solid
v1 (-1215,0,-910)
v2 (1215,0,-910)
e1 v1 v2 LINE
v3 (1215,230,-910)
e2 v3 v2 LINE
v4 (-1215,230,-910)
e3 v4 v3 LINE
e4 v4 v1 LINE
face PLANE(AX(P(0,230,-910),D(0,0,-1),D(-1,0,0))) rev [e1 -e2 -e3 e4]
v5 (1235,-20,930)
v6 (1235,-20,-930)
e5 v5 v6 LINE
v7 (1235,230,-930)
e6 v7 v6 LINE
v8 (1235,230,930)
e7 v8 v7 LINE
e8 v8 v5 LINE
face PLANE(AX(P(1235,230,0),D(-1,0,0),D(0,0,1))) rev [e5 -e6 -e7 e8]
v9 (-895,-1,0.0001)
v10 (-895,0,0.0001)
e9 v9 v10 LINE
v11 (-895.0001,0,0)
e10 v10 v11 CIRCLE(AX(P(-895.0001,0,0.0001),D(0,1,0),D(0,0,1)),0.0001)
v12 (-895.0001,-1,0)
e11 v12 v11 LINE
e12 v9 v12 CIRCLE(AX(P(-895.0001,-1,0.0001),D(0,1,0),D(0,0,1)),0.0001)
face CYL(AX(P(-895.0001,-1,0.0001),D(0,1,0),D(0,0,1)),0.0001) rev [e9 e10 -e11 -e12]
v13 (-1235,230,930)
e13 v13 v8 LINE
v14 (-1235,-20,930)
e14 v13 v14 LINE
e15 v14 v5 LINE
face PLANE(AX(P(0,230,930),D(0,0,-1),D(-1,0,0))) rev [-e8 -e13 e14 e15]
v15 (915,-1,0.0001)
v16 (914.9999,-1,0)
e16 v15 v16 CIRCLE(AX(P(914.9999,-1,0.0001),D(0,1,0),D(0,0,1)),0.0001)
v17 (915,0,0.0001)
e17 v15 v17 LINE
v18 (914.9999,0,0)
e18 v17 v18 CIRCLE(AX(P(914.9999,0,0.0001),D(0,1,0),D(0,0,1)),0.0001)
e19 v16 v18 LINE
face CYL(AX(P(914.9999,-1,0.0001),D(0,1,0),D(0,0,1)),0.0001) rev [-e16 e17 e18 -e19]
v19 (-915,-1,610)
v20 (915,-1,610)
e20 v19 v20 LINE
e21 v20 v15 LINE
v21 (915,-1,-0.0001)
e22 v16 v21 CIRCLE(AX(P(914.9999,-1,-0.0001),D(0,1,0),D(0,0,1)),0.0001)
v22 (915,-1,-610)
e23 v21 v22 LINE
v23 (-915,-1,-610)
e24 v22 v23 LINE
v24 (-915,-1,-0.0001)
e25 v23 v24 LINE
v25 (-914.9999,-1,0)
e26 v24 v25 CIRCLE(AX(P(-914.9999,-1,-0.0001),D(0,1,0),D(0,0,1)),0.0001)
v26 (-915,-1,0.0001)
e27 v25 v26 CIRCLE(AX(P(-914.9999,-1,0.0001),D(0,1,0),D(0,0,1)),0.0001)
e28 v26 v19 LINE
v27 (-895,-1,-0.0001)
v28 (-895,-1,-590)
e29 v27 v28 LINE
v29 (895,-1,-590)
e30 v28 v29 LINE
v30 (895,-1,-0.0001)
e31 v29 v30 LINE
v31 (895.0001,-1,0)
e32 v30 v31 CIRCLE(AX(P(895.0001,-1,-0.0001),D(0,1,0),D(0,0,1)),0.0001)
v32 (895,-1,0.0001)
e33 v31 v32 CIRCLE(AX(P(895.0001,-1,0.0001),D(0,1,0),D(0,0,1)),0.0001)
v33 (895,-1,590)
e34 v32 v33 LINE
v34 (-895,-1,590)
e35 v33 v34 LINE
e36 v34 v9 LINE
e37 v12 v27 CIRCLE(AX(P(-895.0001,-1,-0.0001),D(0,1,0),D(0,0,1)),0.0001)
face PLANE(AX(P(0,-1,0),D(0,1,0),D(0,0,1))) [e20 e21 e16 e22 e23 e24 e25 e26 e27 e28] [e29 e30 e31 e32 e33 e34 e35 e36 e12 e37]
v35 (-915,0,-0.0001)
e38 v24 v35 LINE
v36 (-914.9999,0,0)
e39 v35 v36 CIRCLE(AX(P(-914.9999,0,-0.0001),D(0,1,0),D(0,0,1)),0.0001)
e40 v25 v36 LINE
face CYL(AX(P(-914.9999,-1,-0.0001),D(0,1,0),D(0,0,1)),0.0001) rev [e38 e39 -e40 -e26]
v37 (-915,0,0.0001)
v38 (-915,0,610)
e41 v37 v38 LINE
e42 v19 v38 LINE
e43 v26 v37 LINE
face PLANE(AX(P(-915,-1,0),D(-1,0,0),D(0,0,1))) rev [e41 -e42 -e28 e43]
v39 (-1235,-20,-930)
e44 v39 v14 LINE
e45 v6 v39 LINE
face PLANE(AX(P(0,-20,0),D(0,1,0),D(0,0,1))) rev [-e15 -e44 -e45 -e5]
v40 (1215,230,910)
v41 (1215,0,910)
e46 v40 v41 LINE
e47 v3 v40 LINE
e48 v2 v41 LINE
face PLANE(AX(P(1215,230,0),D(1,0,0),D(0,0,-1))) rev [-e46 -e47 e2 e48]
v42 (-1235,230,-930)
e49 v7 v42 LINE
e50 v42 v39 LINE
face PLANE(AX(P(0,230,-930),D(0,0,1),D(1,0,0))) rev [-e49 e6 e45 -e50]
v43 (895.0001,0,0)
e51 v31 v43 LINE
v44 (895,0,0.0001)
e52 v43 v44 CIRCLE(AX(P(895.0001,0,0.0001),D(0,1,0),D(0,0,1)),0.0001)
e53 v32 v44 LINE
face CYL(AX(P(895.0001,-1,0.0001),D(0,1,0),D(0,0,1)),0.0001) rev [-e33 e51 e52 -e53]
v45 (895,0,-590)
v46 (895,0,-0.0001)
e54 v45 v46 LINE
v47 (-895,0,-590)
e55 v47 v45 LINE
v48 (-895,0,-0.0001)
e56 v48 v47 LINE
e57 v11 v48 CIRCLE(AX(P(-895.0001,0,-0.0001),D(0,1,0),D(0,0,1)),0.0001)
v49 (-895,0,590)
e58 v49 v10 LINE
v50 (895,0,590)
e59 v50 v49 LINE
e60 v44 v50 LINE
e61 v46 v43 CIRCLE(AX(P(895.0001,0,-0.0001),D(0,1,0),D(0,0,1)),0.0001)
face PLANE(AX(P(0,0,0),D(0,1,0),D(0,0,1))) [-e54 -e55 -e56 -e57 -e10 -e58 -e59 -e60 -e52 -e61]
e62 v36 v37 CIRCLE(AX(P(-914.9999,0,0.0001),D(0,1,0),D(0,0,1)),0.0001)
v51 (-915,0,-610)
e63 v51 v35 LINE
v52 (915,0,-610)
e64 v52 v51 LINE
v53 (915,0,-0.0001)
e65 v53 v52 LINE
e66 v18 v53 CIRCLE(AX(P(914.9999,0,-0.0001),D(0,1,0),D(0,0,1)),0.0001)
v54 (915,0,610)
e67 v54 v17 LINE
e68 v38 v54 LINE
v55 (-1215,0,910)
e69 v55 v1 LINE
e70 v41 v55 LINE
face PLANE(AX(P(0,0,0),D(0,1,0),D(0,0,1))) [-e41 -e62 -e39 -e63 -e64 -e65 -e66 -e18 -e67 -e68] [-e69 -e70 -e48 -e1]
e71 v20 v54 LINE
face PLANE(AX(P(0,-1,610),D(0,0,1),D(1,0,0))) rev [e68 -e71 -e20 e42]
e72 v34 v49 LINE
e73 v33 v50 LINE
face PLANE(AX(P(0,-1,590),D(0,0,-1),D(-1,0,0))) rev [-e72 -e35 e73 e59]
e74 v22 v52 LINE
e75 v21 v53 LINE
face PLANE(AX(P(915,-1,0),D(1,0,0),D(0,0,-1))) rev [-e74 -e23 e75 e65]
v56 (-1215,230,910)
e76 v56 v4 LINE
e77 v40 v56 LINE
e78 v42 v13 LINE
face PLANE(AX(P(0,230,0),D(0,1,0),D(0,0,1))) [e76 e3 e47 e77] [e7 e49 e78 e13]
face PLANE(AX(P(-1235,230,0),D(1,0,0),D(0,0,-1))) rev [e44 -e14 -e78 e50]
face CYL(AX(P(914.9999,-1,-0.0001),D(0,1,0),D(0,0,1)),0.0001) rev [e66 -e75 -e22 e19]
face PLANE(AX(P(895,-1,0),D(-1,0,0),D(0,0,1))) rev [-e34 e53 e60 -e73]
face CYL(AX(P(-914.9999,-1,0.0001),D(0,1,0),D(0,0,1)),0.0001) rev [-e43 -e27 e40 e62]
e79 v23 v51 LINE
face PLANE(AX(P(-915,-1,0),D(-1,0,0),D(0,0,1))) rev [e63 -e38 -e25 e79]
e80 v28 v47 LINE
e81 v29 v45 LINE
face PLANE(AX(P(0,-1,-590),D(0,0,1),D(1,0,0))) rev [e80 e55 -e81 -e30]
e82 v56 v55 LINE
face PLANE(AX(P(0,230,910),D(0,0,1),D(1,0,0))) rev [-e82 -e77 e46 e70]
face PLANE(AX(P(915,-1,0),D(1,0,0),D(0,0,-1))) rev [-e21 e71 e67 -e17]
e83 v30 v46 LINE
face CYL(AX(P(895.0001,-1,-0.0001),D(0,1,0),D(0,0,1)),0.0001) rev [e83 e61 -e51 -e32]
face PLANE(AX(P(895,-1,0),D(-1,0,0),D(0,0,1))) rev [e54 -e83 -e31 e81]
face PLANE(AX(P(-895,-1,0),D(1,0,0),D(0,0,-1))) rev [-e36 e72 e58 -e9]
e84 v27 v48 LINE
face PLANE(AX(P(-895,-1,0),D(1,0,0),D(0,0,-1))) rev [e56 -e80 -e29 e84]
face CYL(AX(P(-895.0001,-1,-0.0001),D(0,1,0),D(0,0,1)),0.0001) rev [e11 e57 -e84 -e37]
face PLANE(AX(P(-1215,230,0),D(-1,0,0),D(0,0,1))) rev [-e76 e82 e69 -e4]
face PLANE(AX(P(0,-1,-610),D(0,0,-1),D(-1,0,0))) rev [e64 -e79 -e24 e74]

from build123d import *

# Parameters (mm, degrees)
SKETCH_1_W      = 2470
SKETCH_1_H      = 1860
SKETCH_1_W_2    = 2430
SKETCH_1_H_2    = 1820
EXTRUDE_1_DEPTH = 230
SKETCH_2_W      = 2470
SKETCH_2_H      = 1860
EXTRUDE_2_DEPTH = 20
SKETCH_3_R      = 0.0001
EXTRUDE_3_DEPTH = 1


with BuildPart() as part:
    # Эскиз1 → Выдавливание1 (new body)
    with BuildSketch(Plane(origin=(0, 0, 0), x_dir=(-1, 0, 0), z_dir=(0, 1, 0))):
        Rectangle(SKETCH_1_W, SKETCH_1_H)
        Rectangle(SKETCH_1_W_2, SKETCH_1_H_2, mode=Mode.SUBTRACT)
    extrude(amount=EXTRUDE_1_DEPTH)

    # Эскиз2 → Выдавливание2 (add)
    with BuildSketch(Plane(origin=(0, 0, 0), x_dir=(-1, 0, 0), z_dir=(0, 1, 0))):
        Rectangle(SKETCH_2_W, SKETCH_2_H)
    extrude(amount=-EXTRUDE_2_DEPTH)

    # Эскиз3 → Выдавливание3 (cut)
    with BuildSketch(Plane(origin=(0, 0, 0), x_dir=(-1, 0, 0), z_dir=(0, 1, 0))):
        Polygon((-915, 610), (-915, 0.0001), (-915, -610), (915, -610), (915, 0.0001), (915, 610), align=None)
        with Locations((914.9999, 0.0001)):
            Circle(SKETCH_3_R, mode=Mode.SUBTRACT)
        with Locations((895.0001, 0.0001)):
            Circle(SKETCH_3_R, mode=Mode.SUBTRACT)
        with Locations((-895.0001, 0.0001)):
            Circle(SKETCH_3_R, mode=Mode.SUBTRACT)
        with Locations((-914.9999, 0.0001)):
            Circle(SKETCH_3_R, mode=Mode.SUBTRACT)
        with Locations((895.0001, -0.0001)):
            Circle(SKETCH_3_R, mode=Mode.SUBTRACT)
        with Locations((914.9999, -0.0001)):
            Circle(SKETCH_3_R, mode=Mode.SUBTRACT)
        with Locations((-914.9999, -0.0001)):
            Circle(SKETCH_3_R, mode=Mode.SUBTRACT)
        with Locations((-895.0001, -0.0001)):
            Circle(SKETCH_3_R, mode=Mode.SUBTRACT)
        Polygon((-895, 0.0001), (-895, 590), (895, 590), (895, 0.0001), (895, -590), (-895, -590), align=None, mode=Mode.SUBTRACT)
    extrude(amount=-EXTRUDE_3_DEPTH, mode=Mode.SUBTRACT)


solid = part.part
